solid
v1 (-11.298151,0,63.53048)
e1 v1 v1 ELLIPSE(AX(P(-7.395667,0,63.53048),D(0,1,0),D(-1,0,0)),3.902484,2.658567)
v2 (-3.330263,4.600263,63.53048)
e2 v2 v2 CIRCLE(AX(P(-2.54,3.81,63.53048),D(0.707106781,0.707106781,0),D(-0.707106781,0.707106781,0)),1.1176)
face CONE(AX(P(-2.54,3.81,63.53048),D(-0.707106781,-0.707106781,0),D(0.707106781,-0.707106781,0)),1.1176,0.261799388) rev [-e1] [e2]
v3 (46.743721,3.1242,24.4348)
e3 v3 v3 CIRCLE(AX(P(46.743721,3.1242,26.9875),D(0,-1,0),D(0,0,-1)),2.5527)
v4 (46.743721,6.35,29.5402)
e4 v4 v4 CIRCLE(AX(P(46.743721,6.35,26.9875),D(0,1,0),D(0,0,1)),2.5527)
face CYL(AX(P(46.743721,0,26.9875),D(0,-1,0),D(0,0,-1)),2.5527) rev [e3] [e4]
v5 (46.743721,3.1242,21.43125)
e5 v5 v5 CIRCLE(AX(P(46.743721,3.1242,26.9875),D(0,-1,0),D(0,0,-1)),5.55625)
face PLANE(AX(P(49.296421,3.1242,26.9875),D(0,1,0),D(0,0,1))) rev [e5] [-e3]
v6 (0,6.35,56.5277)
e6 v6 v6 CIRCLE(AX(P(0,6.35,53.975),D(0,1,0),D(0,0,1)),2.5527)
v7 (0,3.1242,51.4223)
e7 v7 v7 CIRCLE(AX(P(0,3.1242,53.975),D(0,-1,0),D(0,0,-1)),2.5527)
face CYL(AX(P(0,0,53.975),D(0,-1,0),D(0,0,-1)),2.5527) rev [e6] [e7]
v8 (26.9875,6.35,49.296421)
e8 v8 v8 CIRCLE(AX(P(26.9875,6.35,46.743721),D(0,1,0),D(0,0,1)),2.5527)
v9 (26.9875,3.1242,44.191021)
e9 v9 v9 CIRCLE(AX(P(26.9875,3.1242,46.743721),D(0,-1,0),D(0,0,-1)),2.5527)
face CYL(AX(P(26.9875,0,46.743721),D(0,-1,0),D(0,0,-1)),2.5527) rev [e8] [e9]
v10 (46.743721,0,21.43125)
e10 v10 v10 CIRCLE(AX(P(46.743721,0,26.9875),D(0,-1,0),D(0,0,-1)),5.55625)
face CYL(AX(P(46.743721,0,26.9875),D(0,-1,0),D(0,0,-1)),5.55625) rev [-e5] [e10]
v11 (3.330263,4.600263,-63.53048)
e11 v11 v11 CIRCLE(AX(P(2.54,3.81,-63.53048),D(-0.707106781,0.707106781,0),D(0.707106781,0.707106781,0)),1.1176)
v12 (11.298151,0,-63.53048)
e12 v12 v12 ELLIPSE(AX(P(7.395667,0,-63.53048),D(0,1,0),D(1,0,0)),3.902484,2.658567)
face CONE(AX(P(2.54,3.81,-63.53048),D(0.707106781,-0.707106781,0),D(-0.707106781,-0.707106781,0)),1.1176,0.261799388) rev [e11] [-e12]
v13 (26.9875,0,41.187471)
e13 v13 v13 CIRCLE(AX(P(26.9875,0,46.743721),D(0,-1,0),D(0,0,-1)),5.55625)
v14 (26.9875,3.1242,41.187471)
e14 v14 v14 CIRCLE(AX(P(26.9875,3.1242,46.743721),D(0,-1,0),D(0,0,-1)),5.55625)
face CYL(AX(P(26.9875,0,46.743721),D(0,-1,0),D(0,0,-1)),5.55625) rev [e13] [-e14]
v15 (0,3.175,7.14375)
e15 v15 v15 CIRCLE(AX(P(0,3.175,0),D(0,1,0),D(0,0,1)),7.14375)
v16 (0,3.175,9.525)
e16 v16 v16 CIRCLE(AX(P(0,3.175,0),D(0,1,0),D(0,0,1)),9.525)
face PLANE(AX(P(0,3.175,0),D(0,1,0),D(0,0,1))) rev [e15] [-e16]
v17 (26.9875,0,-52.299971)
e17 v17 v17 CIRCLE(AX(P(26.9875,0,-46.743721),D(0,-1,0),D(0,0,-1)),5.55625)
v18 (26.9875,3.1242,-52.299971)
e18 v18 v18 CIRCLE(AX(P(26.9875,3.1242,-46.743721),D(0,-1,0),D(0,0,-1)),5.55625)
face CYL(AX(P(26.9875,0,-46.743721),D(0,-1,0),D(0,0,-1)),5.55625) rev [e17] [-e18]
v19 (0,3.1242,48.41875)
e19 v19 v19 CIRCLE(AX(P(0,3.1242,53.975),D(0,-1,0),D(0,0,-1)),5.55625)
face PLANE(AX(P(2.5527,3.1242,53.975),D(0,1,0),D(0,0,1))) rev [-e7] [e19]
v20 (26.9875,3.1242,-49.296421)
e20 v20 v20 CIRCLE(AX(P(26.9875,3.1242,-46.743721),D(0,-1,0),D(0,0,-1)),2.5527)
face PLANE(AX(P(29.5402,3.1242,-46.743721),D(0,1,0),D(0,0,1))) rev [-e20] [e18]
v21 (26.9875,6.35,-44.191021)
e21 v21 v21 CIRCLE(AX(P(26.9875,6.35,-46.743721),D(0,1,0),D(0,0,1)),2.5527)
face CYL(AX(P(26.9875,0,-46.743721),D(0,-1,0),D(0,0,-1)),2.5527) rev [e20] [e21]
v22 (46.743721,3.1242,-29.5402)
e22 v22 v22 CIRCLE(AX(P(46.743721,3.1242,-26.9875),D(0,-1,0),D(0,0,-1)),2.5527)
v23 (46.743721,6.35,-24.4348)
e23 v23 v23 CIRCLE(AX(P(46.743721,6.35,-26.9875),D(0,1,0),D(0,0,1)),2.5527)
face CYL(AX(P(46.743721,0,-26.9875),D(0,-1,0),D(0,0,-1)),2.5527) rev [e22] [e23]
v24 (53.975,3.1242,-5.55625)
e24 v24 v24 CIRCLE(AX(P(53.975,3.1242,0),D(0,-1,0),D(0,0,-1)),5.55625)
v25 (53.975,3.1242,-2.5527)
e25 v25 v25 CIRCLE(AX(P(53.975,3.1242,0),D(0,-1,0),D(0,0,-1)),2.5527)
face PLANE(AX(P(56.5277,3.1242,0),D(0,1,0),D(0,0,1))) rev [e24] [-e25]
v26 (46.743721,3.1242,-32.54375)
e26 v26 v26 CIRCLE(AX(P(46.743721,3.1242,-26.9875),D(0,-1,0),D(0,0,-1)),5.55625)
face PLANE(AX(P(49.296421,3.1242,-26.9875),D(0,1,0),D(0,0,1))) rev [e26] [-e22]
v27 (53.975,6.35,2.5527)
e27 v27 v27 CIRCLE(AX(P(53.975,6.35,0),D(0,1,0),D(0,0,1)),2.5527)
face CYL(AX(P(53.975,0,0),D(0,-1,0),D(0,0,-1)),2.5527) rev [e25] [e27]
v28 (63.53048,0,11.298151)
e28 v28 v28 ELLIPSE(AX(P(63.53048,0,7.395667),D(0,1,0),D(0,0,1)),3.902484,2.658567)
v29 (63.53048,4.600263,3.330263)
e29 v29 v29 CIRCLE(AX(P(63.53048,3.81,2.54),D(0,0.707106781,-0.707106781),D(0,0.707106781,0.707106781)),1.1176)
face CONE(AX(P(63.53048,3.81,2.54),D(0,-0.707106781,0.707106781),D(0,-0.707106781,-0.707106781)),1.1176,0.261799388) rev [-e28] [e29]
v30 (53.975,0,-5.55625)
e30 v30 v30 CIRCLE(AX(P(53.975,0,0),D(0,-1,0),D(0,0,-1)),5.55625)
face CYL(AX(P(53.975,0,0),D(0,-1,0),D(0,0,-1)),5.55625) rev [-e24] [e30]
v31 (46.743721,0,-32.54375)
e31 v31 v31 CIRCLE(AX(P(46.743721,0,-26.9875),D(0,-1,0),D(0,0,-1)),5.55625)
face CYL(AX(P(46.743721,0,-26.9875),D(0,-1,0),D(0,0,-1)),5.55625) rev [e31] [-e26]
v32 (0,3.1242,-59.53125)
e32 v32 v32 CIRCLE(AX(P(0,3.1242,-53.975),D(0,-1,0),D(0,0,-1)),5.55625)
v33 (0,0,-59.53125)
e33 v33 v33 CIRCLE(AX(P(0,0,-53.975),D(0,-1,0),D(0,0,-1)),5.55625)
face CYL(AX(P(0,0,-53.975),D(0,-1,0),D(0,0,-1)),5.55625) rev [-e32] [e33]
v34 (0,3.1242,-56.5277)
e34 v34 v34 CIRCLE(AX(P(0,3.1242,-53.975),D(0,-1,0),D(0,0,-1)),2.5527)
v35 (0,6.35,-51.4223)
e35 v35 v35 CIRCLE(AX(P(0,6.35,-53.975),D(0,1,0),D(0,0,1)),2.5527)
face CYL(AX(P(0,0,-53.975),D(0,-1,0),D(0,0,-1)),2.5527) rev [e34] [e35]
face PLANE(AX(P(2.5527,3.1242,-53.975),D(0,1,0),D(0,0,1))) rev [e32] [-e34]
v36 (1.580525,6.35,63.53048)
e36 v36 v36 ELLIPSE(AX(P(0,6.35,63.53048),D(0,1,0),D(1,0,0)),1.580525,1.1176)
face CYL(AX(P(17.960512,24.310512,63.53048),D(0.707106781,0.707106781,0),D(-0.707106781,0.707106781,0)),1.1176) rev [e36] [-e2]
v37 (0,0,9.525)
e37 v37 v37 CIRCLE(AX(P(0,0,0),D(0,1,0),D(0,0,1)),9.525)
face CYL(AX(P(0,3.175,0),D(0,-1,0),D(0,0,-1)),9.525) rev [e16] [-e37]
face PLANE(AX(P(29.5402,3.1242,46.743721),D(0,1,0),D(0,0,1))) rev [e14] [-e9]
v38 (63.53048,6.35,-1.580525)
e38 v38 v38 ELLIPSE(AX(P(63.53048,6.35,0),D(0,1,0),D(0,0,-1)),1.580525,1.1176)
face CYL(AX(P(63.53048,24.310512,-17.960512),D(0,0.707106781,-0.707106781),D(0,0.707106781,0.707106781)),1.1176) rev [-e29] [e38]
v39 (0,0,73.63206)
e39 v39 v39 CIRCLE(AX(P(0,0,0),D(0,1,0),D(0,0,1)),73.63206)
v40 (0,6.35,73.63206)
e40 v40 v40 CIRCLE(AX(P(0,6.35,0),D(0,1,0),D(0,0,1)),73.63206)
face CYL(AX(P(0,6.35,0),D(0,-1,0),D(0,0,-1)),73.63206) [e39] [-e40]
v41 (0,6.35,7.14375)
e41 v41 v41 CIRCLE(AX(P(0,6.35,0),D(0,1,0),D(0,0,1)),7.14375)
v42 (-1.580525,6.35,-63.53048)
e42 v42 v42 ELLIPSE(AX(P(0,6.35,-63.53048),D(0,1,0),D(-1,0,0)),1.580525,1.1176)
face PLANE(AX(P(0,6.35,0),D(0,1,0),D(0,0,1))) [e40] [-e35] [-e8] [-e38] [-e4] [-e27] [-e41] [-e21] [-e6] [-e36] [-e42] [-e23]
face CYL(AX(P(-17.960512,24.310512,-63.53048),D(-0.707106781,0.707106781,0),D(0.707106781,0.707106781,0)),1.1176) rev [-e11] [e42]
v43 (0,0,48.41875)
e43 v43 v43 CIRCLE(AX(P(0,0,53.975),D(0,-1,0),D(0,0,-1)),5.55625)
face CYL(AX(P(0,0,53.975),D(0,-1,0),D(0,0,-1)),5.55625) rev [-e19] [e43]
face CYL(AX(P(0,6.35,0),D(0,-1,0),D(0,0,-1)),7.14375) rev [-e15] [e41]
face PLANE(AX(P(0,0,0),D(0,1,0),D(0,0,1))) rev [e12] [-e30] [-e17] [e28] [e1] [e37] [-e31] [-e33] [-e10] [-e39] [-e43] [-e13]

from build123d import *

# Parameters (mm, degrees)
SKETCH1_R                       = 73.63206
SKETCH1_R_2                     = 9.525
SKETCH1_R_3                     = 7.14375
BOSS_EXTRUDE1_DEPTH             = 6.35
CIRPATTERN1_COUNT               = 2
CIRPATTERN1_ANGLE               = 90
CIRPATTERN1_THE_OTHER_WAY_COUNT = 2
CIRPATTERN1_THE_OTHER_WAY_ANGLE = 90
SKETCH1_4_R                     = 9.525
SKETCH1_4_R_2                   = 7.14375
CUT_EXTRUDE2_DEPTH              = 3.175
CIRPATTERN2_COUNT               = 12


with BuildPart() as part:
    # Sketch1 → Boss-Extrude1 (new body)
    with BuildSketch(Plane(origin=(0, 0, 0), x_dir=(1, 0, 0), z_dir=(0, 1, 0))):
        Circle(SKETCH1_R)
        Circle(SKETCH1_R_2, mode=Mode.SUBTRACT)
        Circle(SKETCH1_R_2)
        Circle(SKETCH1_R_3, mode=Mode.SUBTRACT)
    extrude(amount=BOSS_EXTRUDE1_DEPTH)

    # Sketch2 → Nozzle (revolve, cut)
    with BuildSketch(Plane(origin=(63.53048, 0, 0), x_dir=(0, 0, -1), z_dir=(1, 0, 0))):
        Polygon((-17.960512242, -11.610512242), (17.960512242, 24.310512242), (17.170249703, 25.100774781), (-3.330262539, 4.600262539), (-22.882688583, -6.688335901), align=None)
    nozzle = revolve(axis=Axis((63.53048, 24.310512242, -17.960512242), (0, -0.707106781, 0.707106781)), mode=Mode.SUBTRACT)

    # CirPattern1: Nozzle ×2 about axis
    cirpattern1_axis = Axis((0, 6.35, 0), (0, -1, 0))
    for i in range(1, CIRPATTERN1_COUNT):
        add(nozzle.rotate(cirpattern1_axis, i * CIRPATTERN1_ANGLE / (CIRPATTERN1_COUNT - 1)), mode=Mode.SUBTRACT)

    # CirPattern1 the other way: Nozzle ×2 about axis
    cirpattern1_the_other_way_axis = Axis((0, 6.35, 0), (0, 1, 0))
    for i in range(1, CIRPATTERN1_THE_OTHER_WAY_COUNT):
        add(nozzle.rotate(cirpattern1_the_other_way_axis, i * CIRPATTERN1_THE_OTHER_WAY_ANGLE / (CIRPATTERN1_THE_OTHER_WAY_COUNT - 1)), mode=Mode.SUBTRACT)

    # Sketch1_4 → Cut-Extrude2 (cut)
    with BuildSketch(Plane(origin=(0, 0, 0), x_dir=(1, 0, 0), z_dir=(0, 1, 0))):
        Circle(SKETCH1_4_R)
        Circle(SKETCH1_4_R_2, mode=Mode.SUBTRACT)
    extrude(amount=CUT_EXTRUDE2_DEPTH, mode=Mode.SUBTRACT)

    # Sketch5 → CBORE for _10 Binding Head Machine Screw (revolve, cut)
    with BuildSketch(Plane(origin=(53.975, 0, 0), x_dir=(0, 0, -1), z_dir=(1, 0, 0))):
        Polygon((0, 0), (0, 15.503816902), (2.5527, 13.97), (2.5527, 3.1242), (5.55625, 3.1242), (5.55625, 0), align=None)
    cbore_for_10_binding_head_machine_screw = revolve(axis=Axis((53.975, -6.35, 0), (0, 1, 0)), mode=Mode.SUBTRACT)

    # CirPattern2: CBORE for _10 Binding Head Machine Screw ×12 about axis, 5 skipped
    cirpattern2_axis = Axis((0, 0, 0), (0, -1, 0))
    add([cbore_for_10_binding_head_machine_screw.rotate(cirpattern2_axis, i * 360 / CIRPATTERN2_COUNT) for i in range(1, CIRPATTERN2_COUNT) if i not in (4, 5, 6, 7, 8)], mode=Mode.SUBTRACT)


solid = part.part
